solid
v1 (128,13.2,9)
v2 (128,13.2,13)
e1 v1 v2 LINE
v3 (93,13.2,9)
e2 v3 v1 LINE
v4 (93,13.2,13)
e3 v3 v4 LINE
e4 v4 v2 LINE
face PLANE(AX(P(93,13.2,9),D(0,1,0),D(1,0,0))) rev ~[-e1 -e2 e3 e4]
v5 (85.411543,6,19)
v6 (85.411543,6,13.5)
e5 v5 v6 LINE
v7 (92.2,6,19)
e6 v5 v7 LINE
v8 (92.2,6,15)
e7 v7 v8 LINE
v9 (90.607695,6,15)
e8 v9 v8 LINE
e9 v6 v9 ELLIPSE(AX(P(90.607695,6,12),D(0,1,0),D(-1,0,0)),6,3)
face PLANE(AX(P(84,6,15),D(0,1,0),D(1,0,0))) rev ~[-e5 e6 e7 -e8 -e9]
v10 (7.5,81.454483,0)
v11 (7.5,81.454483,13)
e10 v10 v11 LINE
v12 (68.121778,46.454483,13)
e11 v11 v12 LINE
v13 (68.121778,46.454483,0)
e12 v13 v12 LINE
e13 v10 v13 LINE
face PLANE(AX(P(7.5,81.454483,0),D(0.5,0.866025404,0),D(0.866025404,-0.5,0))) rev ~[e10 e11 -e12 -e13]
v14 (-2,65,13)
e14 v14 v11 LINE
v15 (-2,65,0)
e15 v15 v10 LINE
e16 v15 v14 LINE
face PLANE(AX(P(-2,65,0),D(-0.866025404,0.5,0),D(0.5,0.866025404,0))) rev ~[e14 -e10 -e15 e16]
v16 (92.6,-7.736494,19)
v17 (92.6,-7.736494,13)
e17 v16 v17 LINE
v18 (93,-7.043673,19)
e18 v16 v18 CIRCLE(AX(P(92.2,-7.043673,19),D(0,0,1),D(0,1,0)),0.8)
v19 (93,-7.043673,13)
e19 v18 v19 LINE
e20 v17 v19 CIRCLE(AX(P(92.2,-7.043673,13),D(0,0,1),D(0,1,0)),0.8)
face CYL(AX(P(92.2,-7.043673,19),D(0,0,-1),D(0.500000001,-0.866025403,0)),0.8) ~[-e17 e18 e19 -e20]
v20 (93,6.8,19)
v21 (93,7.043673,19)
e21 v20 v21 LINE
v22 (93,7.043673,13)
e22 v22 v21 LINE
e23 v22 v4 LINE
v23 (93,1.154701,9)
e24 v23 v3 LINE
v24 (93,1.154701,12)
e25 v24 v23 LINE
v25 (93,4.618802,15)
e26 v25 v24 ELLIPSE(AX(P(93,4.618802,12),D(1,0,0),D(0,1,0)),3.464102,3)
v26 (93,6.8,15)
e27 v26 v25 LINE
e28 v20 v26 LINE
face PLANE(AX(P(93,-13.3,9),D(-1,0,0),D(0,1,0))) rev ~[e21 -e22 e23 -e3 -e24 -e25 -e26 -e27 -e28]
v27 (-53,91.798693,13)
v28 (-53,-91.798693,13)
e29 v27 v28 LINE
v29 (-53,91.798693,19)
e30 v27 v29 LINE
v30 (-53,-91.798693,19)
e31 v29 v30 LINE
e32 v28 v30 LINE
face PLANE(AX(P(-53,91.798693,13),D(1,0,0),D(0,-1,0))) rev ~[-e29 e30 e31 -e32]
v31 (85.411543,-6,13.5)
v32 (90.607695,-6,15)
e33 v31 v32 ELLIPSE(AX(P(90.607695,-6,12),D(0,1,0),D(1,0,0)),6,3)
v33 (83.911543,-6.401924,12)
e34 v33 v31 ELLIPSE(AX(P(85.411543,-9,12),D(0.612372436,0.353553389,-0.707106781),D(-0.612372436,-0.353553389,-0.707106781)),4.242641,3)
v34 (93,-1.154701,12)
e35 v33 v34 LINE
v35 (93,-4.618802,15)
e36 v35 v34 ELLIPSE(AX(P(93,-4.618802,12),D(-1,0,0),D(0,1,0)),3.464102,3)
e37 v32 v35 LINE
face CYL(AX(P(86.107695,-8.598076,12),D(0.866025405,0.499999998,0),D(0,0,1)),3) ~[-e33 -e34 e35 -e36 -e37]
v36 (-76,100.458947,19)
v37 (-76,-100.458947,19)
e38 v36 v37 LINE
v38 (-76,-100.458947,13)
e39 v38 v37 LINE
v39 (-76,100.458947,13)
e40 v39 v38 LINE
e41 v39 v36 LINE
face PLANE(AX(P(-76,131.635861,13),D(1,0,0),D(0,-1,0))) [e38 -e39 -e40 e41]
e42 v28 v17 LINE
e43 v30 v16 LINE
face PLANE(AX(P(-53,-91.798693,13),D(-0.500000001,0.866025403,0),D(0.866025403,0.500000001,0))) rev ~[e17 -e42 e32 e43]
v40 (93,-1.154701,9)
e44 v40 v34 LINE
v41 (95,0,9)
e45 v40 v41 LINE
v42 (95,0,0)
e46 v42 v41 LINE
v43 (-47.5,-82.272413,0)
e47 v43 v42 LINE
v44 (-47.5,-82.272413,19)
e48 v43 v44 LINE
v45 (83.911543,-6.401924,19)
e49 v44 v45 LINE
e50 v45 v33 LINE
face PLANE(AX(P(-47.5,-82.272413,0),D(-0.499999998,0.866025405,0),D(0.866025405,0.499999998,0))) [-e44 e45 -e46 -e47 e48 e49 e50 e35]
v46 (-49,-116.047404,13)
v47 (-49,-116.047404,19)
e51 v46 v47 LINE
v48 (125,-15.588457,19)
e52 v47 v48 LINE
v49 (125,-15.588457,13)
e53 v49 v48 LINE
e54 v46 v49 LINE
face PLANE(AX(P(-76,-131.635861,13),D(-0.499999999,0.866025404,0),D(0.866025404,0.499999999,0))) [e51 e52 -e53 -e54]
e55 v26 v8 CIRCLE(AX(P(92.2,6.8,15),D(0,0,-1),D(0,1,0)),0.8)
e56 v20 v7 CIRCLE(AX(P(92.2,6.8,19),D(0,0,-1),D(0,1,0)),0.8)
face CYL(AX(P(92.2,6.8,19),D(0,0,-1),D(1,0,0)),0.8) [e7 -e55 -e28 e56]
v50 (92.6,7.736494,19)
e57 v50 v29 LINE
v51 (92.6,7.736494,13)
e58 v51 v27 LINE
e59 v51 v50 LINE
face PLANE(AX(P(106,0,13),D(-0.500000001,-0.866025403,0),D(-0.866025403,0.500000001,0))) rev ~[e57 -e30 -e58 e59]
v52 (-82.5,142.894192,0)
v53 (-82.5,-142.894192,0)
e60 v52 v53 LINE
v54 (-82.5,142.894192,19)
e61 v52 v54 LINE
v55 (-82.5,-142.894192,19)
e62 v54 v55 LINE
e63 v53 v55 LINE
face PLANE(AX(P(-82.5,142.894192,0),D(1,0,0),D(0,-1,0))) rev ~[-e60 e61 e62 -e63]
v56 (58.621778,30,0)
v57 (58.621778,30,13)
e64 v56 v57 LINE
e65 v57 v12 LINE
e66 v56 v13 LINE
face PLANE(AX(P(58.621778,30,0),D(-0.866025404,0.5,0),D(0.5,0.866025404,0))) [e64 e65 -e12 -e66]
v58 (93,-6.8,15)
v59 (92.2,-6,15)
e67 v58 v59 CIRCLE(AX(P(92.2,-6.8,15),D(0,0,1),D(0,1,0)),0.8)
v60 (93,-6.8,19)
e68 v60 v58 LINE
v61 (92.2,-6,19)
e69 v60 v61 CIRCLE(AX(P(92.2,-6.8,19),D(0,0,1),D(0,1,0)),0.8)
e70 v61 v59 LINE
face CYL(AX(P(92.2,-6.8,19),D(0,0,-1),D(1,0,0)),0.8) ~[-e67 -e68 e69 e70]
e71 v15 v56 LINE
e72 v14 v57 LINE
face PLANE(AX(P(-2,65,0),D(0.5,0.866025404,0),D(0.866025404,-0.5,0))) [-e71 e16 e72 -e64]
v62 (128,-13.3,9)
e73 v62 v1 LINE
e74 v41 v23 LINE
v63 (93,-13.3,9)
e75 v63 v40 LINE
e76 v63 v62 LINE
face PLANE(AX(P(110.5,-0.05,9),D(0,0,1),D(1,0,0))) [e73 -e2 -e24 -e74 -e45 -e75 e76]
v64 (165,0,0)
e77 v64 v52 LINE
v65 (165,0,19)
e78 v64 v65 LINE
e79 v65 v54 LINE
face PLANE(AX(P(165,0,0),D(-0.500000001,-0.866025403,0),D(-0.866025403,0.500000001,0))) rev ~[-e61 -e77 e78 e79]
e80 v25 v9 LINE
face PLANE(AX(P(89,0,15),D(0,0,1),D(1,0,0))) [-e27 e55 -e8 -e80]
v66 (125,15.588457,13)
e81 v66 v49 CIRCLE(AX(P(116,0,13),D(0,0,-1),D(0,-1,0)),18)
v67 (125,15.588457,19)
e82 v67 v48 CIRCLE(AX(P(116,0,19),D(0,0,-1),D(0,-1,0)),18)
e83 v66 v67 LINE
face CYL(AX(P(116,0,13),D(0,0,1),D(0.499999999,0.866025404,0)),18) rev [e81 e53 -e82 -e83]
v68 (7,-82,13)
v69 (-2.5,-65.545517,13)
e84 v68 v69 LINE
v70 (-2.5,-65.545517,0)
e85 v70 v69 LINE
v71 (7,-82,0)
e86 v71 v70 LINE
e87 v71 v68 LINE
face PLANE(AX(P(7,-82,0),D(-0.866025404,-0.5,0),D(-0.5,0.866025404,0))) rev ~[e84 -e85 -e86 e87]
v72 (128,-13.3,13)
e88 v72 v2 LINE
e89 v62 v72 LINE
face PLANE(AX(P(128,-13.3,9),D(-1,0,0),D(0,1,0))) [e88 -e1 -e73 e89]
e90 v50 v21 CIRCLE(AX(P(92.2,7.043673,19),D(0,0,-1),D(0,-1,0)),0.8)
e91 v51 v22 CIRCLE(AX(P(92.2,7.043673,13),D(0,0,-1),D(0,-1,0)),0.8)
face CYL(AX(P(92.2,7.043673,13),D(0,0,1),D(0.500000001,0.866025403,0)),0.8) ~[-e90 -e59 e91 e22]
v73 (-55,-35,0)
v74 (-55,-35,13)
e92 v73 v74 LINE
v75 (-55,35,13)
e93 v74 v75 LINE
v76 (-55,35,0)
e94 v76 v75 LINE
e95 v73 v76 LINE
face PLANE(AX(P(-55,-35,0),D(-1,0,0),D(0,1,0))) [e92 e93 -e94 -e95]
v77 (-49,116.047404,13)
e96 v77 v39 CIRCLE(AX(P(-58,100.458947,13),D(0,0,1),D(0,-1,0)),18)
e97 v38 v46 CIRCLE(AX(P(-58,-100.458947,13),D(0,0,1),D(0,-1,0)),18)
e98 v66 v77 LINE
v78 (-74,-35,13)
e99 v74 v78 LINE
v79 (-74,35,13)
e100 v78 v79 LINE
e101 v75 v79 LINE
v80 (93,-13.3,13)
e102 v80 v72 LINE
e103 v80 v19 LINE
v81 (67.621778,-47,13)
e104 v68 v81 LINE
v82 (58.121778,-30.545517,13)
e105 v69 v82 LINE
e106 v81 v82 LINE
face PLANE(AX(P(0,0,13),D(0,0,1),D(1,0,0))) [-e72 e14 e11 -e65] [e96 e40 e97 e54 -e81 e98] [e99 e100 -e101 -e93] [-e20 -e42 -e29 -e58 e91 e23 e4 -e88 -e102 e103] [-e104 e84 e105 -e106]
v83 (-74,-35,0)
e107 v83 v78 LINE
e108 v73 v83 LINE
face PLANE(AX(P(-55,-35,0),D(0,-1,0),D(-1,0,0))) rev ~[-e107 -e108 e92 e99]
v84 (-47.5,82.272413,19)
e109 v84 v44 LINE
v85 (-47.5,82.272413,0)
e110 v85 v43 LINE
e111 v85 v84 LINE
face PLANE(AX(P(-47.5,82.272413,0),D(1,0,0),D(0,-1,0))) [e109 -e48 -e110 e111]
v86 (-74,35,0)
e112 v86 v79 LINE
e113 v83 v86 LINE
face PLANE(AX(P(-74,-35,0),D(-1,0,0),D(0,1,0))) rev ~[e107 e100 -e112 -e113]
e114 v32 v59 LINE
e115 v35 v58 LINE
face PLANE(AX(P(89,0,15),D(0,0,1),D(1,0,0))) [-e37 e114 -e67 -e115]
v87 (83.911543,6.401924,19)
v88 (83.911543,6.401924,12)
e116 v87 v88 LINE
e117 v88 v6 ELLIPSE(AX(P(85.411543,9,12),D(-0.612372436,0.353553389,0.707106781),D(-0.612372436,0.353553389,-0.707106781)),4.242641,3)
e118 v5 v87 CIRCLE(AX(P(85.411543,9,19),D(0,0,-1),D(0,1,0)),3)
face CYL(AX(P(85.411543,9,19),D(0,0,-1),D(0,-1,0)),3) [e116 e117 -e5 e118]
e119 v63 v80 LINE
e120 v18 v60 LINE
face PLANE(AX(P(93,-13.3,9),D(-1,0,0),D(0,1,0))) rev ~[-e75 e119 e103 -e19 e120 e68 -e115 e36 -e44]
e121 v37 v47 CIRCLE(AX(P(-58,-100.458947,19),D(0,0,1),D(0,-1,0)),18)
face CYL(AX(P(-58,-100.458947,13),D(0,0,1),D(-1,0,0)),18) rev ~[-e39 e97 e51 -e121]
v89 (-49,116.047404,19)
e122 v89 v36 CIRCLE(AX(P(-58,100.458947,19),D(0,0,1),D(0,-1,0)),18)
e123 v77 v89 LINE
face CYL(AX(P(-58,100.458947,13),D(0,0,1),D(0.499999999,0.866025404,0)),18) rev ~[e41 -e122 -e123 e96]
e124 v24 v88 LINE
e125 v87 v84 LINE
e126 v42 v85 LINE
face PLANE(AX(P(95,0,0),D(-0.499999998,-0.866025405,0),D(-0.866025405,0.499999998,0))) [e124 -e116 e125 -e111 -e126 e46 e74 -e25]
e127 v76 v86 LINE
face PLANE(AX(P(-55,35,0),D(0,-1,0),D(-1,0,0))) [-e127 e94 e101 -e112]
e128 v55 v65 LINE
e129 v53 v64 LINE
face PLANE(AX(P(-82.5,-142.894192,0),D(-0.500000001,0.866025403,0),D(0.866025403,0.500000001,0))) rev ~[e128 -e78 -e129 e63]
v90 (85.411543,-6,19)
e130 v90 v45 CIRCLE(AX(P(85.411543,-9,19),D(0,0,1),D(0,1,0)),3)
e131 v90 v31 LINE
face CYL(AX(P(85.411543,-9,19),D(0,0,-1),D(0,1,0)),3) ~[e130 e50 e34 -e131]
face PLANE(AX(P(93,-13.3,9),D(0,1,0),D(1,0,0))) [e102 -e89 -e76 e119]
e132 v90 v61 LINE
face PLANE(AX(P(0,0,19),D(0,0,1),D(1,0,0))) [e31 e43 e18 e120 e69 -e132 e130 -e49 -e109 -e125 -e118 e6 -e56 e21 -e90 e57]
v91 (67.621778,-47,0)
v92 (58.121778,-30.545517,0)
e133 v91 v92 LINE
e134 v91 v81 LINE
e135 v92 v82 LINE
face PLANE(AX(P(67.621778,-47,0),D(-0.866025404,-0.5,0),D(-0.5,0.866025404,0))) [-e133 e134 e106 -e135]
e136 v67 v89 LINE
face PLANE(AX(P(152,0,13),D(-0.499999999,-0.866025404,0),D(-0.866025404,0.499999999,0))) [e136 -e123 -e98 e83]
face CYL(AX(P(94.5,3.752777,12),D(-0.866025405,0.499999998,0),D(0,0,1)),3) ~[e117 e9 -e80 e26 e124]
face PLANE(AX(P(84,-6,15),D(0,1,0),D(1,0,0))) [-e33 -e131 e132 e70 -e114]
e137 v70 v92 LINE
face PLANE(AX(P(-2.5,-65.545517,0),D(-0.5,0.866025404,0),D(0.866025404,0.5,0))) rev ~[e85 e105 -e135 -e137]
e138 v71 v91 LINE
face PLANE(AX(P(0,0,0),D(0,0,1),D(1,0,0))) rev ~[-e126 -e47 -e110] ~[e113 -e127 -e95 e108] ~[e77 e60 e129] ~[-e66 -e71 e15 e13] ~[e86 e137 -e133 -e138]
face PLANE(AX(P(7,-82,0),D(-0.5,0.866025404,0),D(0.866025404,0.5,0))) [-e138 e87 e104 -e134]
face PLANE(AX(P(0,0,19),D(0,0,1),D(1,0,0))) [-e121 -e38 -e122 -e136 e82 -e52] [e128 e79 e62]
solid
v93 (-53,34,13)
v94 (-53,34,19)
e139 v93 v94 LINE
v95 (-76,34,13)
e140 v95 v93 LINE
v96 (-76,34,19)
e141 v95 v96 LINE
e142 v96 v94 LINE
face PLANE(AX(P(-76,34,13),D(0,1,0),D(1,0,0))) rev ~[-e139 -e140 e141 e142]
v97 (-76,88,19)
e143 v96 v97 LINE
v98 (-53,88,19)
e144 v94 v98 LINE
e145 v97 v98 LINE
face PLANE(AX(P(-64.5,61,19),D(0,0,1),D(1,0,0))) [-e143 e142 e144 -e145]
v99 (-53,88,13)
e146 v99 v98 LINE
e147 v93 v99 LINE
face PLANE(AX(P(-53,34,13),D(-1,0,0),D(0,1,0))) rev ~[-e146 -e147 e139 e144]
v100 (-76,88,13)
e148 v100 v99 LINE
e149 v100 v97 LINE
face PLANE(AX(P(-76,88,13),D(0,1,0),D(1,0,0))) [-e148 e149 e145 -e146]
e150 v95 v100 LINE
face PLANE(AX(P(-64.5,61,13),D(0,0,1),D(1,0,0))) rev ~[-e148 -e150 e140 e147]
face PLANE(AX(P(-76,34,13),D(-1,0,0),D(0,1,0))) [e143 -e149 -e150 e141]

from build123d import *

# Parameters (mm, degrees)
BOX005_W               = 23
BOX005_H               = 54
BOX005_DEPTH           = 6
PRISM003_DEPTH         = 6
PRISM002_DEPTH         = 6
BOX004_W               = 10
BOX004_H               = 12
BOX004_DEPTH           = 4
BOX003_W               = 35
BOX003_H               = 26.5
BOX003_DEPTH           = 10
BOX002_W               = 70
BOX002_H               = 19
BOX002_DEPTH           = 19
BOX002_PLACEMENT_ANGLE = 30
BOX001_W               = 70
BOX001_H               = 19
BOX001_DEPTH           = 19
BOX001_PLACEMENT_ANGLE = 90
BOX_W                  = 70
BOX_H                  = 19
BOX_DEPTH              = 19
BOX_PLACEMENT_ANGLE    = 30
PRISM001_DEPTH         = 19
PRISM_DEPTH            = 19
FILLET_R               = 18
FILLET001_R            = 0.8
FILLET002_R            = 3


with BuildPart() as box005:
    # Box005 → Box005 (new body)
    with BuildSketch(Plane(origin=(-76, 34, 13), x_dir=(1, 0, 0), z_dir=(0, 0, 1))):
        with Locations((11.5, 27)):
            Rectangle(BOX005_W, BOX005_H)
    extrude(amount=BOX005_DEPTH)


with BuildPart() as prism003:
    # Prism003 → Prism003 (new body)
    with BuildSketch(Plane.XY.offset(13)):
        Polygon((106, 0), (-53, 91.798693), (-53, -91.798693), align=None)
    extrude(amount=PRISM003_DEPTH)


with BuildPart() as cut006:
    # Prism002 → Prism002 (new body)
    with BuildSketch(Plane.XY.offset(13)):
        Polygon((152, 0), (-76, 131.635861), (-76, -131.635861), align=None)
    extrude(amount=PRISM002_DEPTH)

    # Cut006: cut Prism003
    add(prism003.part, mode=Mode.SUBTRACT)


with BuildPart() as box004:
    # Box004 → Box004 (new body)
    with BuildSketch(Plane(origin=(84, -6, 15), x_dir=(1, 0, 0), z_dir=(0, 0, 1))):
        with Locations((5, 6)):
            Rectangle(BOX004_W, BOX004_H)
    extrude(amount=BOX004_DEPTH)


with BuildPart() as box003:
    # Box003 → Box003 (new body)
    with BuildSketch(Plane(origin=(93, -13.3, 9), x_dir=(1, 0, 0), z_dir=(0, 0, 1))):
        with Locations((17.5, 13.25)):
            Rectangle(BOX003_W, BOX003_H)
    extrude(amount=BOX003_DEPTH)


with BuildPart() as box002:
    # Box002 → Box002 (new body)
    with BuildSketch(Plane.XY):
        with Locations((35, 9.5)):
            Rectangle(BOX002_W, BOX002_H)
    extrude(amount=BOX002_DEPTH)


with BuildPart() as box002_1:
    # Box002 placement: moved
    add(box002.part.moved(Location((7, -82, 0))).rotate(Axis((7, -82, 0), (0, 0, 1)), BOX002_PLACEMENT_ANGLE))


with BuildPart() as box001:
    # Box001 → Box001 (new body)
    with BuildSketch(Plane.XY):
        with Locations((35, 9.5)):
            Rectangle(BOX001_W, BOX001_H)
    extrude(amount=BOX001_DEPTH)


with BuildPart() as box001_1:
    # Box001 placement: moved
    add(box001.part.moved(Location((-55, -35, 0))).rotate(Axis((-55, -35, 0), (0, 0, 1)), BOX001_PLACEMENT_ANGLE))


with BuildPart() as box:
    # Box → Box (new body)
    with BuildSketch(Plane.XY):
        with Locations((35, 9.5)):
            Rectangle(BOX_W, BOX_H)
    extrude(amount=BOX_DEPTH)


with BuildPart() as box_1:
    # Box placement: moved
    add(box.part.moved(Location((-2, 65, 0))).rotate(Axis((-2, 65, 0), (0, 0, -1)), BOX_PLACEMENT_ANGLE))


with BuildPart() as prism001:
    # Prism001 → Prism001 (new body)
    with BuildSketch(Plane.XY):
        Polygon((95, 0), (-47.5, 82.272413), (-47.5, -82.272413), align=None)
    extrude(amount=PRISM001_DEPTH)


with BuildPart() as fillet002:
    # Prism → Prism (new body)
    with BuildSketch(Plane.XY):
        Polygon((165, 0), (-82.5, 142.894192), (-82.5, -142.894192), align=None)
    extrude(amount=PRISM_DEPTH)

    # Cut: cut Prism001
    add(prism001.part, mode=Mode.SUBTRACT)

    # Cut001: cut Box
    add(box_1.part, mode=Mode.SUBTRACT)

    # Cut002: cut Box001
    add(box001_1.part, mode=Mode.SUBTRACT)

    # Cut003: cut Box002
    add(box002_1.part, mode=Mode.SUBTRACT)

    # Cut004: cut Box003
    add(box003.part, mode=Mode.SUBTRACT)

    # Cut005: cut Box004
    add(box004.part, mode=Mode.SUBTRACT)

    # Cut007: cut Cut006
    add(cut006.part, mode=Mode.SUBTRACT)

    # Fillet
    fillet_edges = [fillet002.edges().sort_by_distance(p)[0] for p in [
        (-76, 131.635861, 16),
        (-76, -131.635861, 16),
        (152, 0, 16),
    ]]
    fillet(fillet_edges, radius=FILLET_R)

    # Fillet001
    fillet001_edges = [fillet002.edges().sort_by_distance(p)[0] for p in [
        (93, 7.505553, 16),
        (93, 6, 17),
        (93, -6, 17),
        (93, -7.505553, 16),
    ]]
    fillet(fillet001_edges, radius=FILLET001_R)

    # Fillet002
    fillet002_edges = [fillet002.edges().sort_by_distance(p)[0] for p in [
        (88.803848, 3.57735, 15),
        (84.607695, 6, 17),
        (88.803848, -3.57735, 15),
        (84.607695, -6, 17),
    ]]
    fillet(fillet002_edges, radius=FILLET002_R)


solid = Compound([box005.part, fillet002.part])
